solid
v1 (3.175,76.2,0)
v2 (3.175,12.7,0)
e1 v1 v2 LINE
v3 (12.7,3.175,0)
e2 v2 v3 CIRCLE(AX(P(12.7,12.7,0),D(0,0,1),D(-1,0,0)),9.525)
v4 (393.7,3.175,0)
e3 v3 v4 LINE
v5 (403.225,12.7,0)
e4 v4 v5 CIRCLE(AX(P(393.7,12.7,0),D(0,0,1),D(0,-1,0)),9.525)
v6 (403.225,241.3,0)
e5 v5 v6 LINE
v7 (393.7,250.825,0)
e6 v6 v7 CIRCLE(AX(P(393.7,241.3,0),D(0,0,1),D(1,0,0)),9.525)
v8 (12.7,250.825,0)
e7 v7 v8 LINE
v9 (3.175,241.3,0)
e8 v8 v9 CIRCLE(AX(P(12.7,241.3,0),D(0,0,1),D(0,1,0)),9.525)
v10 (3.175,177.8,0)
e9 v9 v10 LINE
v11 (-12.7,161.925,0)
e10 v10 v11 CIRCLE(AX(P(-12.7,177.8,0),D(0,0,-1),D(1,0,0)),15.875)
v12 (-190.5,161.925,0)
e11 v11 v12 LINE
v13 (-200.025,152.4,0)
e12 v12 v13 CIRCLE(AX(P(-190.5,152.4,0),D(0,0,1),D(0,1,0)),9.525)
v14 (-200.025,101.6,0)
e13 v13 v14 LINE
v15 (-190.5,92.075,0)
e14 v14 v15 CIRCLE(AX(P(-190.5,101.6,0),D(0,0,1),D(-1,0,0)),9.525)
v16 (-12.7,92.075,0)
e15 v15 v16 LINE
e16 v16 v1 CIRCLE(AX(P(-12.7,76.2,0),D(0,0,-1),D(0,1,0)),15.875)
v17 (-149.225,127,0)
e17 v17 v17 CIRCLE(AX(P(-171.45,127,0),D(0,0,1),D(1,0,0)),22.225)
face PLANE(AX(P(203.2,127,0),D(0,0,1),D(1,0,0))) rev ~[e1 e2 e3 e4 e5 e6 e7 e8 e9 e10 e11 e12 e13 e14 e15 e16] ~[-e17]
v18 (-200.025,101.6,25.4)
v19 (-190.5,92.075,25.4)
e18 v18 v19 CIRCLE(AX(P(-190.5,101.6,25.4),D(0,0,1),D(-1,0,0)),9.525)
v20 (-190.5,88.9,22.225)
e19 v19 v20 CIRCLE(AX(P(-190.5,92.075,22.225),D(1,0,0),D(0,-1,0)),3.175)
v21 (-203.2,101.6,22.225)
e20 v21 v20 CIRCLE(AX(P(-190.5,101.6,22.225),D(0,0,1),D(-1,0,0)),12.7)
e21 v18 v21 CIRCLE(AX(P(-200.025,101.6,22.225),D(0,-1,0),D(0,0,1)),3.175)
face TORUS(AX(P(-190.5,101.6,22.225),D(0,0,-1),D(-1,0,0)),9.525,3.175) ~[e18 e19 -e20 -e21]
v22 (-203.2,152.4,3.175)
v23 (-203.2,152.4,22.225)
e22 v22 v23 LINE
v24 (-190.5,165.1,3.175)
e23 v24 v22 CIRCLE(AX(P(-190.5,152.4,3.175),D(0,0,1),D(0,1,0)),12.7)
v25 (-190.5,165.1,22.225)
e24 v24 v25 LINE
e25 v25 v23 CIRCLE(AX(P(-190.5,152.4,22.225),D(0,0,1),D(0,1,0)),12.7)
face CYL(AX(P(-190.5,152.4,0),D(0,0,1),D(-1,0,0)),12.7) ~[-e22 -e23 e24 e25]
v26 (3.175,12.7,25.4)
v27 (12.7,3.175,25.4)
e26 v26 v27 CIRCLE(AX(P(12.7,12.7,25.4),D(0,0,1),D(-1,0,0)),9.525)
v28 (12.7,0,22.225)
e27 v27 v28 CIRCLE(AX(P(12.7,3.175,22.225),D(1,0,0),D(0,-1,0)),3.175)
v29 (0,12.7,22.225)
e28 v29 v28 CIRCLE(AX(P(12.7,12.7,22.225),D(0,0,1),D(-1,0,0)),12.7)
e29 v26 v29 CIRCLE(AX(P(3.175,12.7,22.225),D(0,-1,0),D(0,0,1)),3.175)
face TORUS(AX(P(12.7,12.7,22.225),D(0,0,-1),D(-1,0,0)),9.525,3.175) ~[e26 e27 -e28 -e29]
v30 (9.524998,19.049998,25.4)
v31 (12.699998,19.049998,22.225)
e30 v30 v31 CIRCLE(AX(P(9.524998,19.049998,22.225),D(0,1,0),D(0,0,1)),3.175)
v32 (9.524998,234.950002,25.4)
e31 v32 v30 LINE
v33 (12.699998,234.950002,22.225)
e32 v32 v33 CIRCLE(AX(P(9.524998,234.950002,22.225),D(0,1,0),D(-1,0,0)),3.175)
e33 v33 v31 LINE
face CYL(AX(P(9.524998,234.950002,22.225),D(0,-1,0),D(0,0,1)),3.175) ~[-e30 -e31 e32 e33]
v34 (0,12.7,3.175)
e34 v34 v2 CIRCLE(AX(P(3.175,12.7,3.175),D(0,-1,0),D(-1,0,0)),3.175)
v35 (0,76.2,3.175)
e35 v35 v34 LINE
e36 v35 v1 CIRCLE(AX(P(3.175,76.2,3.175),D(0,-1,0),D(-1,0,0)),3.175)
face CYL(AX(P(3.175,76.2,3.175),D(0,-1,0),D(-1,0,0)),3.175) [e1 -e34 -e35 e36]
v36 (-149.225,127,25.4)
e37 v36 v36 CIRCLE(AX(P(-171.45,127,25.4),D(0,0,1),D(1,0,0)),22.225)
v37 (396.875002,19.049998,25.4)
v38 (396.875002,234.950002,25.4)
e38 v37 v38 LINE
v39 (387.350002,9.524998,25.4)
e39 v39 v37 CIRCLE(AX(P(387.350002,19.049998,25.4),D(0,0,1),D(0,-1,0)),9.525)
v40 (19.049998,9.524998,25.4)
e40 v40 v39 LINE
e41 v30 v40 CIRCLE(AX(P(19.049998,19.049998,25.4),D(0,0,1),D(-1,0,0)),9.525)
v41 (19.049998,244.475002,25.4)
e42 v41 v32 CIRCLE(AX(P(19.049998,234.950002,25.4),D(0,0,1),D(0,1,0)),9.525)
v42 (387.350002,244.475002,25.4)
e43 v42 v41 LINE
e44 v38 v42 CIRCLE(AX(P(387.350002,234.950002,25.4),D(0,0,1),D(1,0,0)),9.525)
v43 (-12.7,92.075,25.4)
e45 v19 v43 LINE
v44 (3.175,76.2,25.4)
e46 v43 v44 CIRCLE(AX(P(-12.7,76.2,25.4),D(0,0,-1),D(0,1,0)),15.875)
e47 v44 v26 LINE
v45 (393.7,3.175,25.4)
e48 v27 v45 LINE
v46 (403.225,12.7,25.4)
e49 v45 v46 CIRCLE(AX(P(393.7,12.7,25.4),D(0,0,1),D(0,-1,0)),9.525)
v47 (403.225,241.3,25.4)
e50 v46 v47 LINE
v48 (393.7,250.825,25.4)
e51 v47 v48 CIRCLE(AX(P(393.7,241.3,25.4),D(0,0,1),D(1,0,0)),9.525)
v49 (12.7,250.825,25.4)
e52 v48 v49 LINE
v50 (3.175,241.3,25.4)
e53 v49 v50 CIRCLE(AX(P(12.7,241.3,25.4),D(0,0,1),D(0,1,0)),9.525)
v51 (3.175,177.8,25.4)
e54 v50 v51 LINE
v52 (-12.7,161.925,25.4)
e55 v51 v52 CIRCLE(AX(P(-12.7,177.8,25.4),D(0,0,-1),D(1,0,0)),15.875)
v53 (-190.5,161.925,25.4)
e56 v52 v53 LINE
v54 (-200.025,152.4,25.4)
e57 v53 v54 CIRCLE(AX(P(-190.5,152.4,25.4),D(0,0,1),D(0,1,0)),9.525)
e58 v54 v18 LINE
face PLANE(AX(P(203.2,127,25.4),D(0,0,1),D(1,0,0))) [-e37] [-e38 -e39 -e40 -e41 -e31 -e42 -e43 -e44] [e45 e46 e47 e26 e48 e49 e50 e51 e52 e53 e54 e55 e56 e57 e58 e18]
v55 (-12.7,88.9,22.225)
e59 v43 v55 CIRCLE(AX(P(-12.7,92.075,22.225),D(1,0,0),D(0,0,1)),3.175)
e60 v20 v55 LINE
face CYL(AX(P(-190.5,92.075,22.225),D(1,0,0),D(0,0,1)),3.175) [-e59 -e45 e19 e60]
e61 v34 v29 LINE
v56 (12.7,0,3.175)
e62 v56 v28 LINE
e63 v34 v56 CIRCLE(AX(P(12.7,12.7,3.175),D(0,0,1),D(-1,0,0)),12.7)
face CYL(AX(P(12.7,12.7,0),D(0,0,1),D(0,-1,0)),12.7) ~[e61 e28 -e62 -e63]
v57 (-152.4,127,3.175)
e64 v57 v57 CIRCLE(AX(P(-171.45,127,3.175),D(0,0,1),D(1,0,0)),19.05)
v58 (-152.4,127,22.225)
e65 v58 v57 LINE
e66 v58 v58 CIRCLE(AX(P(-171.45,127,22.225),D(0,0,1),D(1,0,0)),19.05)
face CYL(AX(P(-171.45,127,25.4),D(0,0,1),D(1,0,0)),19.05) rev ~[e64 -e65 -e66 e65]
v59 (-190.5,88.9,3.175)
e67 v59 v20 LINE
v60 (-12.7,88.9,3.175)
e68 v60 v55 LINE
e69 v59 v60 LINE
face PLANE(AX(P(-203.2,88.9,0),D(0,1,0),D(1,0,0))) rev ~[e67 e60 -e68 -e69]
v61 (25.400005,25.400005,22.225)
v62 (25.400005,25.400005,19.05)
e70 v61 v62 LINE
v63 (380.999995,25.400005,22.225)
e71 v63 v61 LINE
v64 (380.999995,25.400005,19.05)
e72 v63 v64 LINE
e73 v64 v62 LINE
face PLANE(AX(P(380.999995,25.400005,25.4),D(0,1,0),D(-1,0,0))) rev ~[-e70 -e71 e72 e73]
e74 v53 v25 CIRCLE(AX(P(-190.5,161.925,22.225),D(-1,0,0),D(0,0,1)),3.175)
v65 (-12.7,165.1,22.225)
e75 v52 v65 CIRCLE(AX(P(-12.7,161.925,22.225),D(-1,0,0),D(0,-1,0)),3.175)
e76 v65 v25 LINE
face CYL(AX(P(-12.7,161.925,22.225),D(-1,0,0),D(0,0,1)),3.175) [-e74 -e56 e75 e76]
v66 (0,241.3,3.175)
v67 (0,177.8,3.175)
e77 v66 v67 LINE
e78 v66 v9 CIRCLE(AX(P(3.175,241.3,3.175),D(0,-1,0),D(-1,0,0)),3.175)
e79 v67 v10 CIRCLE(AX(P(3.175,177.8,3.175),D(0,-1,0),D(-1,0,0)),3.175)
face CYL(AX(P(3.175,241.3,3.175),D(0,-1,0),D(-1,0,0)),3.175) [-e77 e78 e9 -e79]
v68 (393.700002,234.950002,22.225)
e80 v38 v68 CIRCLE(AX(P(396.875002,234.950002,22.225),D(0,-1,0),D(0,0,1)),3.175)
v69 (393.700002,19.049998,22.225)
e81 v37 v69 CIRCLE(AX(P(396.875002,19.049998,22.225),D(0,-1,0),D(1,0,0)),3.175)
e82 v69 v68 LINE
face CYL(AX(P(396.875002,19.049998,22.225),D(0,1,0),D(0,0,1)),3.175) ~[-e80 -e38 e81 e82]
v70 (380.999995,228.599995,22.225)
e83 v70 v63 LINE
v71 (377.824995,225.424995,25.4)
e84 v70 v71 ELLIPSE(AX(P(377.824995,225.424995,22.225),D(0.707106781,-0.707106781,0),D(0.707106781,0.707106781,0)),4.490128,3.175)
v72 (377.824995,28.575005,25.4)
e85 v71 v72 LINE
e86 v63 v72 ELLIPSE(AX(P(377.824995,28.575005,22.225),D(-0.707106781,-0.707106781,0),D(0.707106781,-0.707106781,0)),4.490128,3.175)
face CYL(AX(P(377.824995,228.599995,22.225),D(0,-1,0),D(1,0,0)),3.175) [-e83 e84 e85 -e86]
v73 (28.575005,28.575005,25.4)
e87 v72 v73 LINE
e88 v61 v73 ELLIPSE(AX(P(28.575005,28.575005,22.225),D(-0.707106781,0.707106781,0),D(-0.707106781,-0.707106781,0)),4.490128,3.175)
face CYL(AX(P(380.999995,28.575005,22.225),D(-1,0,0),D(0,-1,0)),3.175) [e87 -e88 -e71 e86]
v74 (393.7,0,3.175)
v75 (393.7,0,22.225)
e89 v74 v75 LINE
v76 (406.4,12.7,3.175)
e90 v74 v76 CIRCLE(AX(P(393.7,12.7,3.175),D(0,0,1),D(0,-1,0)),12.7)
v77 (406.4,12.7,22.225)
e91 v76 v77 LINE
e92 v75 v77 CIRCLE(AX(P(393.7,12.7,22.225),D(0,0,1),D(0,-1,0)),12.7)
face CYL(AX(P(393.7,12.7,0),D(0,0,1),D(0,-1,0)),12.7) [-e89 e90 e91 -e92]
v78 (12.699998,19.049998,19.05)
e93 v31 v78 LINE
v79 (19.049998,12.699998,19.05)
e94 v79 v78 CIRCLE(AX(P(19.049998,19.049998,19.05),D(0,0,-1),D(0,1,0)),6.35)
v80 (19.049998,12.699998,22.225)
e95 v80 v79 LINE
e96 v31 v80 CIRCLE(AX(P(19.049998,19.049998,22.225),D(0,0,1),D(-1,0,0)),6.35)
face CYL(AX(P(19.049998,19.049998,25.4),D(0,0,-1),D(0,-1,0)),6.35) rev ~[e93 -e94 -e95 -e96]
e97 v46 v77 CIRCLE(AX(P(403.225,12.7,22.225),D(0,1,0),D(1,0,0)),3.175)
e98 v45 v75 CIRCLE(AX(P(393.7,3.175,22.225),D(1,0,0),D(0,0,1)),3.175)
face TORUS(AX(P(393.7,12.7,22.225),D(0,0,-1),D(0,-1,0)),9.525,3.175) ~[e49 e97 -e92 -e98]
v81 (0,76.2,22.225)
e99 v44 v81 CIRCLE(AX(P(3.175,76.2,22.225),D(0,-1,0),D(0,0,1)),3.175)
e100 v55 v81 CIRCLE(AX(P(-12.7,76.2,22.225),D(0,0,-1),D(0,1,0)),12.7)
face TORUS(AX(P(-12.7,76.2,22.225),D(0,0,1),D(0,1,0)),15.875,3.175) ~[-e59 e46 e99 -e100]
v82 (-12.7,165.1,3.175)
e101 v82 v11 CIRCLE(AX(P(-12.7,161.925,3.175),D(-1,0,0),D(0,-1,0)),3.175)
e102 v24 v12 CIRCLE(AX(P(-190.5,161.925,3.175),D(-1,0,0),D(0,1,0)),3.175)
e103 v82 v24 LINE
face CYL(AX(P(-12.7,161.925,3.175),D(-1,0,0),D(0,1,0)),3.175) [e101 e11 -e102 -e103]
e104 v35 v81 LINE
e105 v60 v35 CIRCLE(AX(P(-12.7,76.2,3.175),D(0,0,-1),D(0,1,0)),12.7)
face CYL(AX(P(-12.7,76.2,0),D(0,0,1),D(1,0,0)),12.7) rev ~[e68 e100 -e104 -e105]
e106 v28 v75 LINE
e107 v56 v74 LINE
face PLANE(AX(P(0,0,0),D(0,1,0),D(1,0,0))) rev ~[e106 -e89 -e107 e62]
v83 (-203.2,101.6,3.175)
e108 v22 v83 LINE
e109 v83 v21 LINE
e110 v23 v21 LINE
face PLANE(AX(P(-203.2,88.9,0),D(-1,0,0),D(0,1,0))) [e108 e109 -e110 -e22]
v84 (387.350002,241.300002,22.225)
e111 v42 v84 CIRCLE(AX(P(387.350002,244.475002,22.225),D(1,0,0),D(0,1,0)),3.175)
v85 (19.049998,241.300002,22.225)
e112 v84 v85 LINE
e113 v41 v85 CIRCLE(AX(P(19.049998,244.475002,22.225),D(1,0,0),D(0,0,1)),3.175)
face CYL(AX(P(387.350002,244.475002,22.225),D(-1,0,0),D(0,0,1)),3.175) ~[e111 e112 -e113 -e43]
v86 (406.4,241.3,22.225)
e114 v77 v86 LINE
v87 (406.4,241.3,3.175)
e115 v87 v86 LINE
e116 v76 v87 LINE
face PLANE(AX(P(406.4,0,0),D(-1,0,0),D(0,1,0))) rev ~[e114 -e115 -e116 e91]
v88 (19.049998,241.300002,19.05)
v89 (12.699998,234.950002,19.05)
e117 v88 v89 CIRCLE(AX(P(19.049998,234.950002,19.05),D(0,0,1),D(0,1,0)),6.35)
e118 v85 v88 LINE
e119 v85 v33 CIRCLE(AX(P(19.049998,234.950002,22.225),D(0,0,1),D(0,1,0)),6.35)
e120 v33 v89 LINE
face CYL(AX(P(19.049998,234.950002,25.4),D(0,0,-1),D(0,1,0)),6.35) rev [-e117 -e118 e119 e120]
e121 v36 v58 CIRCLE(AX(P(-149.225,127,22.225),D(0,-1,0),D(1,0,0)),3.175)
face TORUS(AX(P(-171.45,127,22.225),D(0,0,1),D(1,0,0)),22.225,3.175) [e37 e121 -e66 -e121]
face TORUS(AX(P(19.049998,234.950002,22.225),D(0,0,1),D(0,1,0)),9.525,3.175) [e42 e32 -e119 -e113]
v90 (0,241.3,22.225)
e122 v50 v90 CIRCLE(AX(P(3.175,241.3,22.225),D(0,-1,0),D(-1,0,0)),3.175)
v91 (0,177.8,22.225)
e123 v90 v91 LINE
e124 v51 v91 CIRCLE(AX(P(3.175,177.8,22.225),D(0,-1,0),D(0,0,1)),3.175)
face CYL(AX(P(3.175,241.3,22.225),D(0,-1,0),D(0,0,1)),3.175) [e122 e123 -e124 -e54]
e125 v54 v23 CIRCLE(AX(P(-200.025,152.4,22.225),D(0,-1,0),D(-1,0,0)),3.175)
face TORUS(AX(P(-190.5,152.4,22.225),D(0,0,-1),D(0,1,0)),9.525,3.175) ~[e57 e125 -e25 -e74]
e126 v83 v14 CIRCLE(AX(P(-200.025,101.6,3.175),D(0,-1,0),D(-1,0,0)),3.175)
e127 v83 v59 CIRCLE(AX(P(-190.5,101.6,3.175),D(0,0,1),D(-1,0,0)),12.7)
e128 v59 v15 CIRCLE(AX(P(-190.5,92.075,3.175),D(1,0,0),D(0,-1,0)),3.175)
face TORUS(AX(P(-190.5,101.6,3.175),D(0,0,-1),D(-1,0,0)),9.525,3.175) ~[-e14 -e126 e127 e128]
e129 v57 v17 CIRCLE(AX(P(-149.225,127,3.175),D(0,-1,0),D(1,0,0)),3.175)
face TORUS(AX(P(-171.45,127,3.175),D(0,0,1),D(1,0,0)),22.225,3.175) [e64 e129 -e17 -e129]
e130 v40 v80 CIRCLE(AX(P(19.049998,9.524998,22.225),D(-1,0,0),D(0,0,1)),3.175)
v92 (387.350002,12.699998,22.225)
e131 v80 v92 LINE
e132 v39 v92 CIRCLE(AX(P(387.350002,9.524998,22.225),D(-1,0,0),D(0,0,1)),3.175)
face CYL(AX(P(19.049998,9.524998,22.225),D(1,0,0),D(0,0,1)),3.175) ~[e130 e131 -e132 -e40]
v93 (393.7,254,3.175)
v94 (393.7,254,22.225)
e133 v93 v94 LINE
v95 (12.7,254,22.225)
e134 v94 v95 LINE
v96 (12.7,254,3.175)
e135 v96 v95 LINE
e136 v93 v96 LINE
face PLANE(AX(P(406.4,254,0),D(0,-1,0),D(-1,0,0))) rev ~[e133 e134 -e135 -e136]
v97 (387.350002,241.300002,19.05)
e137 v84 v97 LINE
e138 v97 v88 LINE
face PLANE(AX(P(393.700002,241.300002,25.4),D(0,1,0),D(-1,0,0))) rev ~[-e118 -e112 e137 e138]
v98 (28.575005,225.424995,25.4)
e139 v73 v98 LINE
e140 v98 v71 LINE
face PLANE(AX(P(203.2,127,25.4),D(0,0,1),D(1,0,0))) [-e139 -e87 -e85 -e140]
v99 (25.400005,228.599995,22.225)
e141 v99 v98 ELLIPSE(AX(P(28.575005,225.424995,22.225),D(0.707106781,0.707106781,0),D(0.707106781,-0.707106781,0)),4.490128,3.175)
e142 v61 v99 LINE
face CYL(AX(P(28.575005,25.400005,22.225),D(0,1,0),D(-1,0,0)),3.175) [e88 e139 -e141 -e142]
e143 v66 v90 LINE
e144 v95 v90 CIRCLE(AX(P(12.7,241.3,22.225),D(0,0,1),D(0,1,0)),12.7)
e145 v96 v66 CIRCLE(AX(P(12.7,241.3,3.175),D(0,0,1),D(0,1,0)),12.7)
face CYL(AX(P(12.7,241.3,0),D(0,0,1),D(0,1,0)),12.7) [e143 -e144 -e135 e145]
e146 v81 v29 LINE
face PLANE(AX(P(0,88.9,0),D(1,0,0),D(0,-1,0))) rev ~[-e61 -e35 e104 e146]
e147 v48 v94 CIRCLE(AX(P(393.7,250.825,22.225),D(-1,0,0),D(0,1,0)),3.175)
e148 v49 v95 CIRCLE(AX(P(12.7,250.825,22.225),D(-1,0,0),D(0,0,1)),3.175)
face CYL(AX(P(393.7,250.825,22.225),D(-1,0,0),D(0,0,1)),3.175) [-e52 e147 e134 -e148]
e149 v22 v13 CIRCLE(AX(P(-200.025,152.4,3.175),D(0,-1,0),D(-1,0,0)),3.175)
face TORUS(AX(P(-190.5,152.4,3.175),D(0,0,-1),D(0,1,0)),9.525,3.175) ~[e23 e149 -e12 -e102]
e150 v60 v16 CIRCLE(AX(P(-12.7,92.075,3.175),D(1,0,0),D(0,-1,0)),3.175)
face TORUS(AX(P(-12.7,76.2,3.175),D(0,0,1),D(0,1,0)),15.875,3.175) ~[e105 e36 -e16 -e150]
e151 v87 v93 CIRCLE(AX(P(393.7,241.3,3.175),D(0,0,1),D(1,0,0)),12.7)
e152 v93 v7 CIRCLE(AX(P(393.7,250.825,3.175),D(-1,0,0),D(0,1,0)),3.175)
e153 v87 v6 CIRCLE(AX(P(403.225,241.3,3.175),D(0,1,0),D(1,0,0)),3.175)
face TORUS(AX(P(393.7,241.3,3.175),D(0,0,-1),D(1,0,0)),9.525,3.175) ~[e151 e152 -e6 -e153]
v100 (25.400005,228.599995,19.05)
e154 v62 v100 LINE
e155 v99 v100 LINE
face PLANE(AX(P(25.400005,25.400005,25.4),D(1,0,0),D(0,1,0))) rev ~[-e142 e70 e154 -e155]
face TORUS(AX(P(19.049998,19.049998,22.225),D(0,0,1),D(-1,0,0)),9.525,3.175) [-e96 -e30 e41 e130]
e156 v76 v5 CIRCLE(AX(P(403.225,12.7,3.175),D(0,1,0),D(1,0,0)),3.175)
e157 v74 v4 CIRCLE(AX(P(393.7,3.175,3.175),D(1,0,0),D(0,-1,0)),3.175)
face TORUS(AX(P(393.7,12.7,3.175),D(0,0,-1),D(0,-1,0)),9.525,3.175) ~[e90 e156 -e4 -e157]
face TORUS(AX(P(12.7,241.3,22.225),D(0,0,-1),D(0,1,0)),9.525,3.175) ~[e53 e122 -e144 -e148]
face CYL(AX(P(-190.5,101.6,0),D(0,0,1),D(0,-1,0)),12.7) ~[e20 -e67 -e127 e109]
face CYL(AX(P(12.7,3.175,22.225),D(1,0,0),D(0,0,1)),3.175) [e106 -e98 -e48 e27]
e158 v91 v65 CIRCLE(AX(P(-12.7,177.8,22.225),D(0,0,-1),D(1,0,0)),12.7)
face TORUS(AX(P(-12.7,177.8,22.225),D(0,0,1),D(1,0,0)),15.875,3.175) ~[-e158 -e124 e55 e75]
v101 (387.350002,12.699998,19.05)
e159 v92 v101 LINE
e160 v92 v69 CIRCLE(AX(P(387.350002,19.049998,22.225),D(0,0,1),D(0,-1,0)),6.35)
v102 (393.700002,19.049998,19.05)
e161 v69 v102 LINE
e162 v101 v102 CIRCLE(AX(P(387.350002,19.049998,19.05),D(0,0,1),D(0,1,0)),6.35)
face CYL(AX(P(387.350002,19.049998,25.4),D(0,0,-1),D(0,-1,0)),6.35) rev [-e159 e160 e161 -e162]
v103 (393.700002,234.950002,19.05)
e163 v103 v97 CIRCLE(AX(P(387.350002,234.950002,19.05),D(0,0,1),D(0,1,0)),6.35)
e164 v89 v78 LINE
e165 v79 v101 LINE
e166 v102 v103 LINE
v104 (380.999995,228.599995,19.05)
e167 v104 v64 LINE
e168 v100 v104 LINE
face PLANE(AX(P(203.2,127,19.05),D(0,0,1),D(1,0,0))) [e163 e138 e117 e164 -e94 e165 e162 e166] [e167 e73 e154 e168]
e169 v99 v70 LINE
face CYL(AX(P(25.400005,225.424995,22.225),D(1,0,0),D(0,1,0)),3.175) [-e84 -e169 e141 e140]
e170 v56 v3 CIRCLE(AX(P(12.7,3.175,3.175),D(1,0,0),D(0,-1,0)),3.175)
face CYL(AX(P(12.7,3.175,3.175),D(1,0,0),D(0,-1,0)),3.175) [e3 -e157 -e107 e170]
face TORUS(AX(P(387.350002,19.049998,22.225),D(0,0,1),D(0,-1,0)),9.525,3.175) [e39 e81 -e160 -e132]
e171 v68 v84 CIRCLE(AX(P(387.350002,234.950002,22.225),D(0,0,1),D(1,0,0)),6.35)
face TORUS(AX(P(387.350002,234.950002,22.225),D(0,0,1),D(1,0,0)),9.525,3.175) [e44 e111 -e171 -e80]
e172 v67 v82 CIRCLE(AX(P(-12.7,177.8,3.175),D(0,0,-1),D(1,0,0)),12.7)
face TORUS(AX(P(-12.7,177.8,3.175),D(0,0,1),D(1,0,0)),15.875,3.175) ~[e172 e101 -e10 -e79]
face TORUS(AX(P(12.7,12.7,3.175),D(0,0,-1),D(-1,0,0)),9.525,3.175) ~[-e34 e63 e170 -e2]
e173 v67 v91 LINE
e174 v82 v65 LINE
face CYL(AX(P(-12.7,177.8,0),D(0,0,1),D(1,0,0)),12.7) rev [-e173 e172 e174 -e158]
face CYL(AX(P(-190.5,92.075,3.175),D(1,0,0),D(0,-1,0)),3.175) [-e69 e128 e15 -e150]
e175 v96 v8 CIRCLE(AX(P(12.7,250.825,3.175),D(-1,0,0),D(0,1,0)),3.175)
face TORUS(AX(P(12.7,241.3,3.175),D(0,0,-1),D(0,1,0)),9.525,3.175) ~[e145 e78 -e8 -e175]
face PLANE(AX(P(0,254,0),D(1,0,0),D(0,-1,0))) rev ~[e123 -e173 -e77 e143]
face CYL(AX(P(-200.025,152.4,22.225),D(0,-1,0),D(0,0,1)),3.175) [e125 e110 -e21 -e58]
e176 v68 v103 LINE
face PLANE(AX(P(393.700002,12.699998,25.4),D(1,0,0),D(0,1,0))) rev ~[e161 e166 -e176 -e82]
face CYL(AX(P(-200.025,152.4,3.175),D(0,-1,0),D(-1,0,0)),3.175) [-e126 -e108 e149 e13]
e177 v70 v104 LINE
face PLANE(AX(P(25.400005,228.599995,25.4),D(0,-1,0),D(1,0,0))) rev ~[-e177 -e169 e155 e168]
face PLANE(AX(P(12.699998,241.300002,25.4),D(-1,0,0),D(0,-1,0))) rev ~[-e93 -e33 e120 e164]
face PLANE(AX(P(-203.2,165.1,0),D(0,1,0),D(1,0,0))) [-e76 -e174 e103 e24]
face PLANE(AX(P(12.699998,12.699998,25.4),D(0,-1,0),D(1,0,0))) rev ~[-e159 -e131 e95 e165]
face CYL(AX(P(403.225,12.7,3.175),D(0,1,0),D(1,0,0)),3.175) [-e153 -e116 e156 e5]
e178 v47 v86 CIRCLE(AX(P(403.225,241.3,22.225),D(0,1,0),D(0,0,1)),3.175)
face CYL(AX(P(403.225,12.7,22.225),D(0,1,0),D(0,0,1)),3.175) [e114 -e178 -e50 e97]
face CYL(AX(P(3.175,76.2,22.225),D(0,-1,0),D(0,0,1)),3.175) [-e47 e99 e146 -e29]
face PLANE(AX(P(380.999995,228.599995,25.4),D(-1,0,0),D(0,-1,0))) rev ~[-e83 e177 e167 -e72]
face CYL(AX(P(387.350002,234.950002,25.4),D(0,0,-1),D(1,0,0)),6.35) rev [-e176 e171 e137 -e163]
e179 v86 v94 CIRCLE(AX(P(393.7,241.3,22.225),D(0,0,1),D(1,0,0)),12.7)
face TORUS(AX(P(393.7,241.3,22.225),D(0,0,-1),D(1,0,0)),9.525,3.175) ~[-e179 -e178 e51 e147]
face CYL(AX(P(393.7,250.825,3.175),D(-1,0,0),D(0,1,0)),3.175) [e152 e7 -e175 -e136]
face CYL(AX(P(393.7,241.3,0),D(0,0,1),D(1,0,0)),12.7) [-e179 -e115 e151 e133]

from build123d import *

# Parameters (mm, degrees)
F0_W     = 203.2
F0_H     = 76.2
F1_DEPTH = 25.4
F2_R     = 19.05
F3_DEPTH = 25.4
F5_DEPTH = 6.35
F6_R     = 6.35
F7_R     = 12.7
F8_R     = 3.175


with BuildPart() as f1:
    # F0 (on Top) → F1 (new body)
    with BuildSketch(Plane.XY):
        Polygon((0, 88.9), (0, 0), (406.4, 0), (406.4, 254), (0, 254), (0, 165.1), align=None)
        with Locations((-101.6, 127)):
            Rectangle(F0_W, F0_H)
    extrude(amount=F1_DEPTH)

    # F2 (on face) → F3 (cut)
    with BuildSketch(Plane.XY.offset(25.4)):
        with Locations((-171.45, 127)):
            Circle(F2_R)
    extrude(amount=-F3_DEPTH, mode=Mode.SUBTRACT)

    # F4 (on face) → F5 (cut)
    with BuildSketch(Plane.XY.offset(25.4)):
        Polygon((12.6999982595, 88.9), (12.6999982595, 12.6999982595), (393.7000017405, 12.6999982595), (393.7000017405, 241.3000017405), (12.6999982595, 241.3000017405), (12.6999982595, 165.1), align=None)
        Polygon((25.4000046253, 88.9), (25.4000046253, 165.1), (25.4000046253, 228.5999953747), (380.9999953747, 228.5999953747), (380.9999953747, 25.4000046253), (25.4000046253, 25.4000046253), align=None, mode=Mode.SUBTRACT)
    extrude(amount=-F5_DEPTH, mode=Mode.SUBTRACT)

    # F6
    f6_edges = [f1.edges().sort_by_distance(p)[0] for p in [
        (12.699998, 241.300002, 22.225),
        (393.700002, 12.699998, 22.225),
        (12.699998, 12.699998, 22.225),
        (393.700002, 241.300002, 22.225),
    ]]
    fillet(f6_edges, radius=F6_R)

    # F7
    f7_edges = [f1.edges().sort_by_distance(p)[0] for p in [
        (406.4, 0, 12.7),
        (0, 0, 12.7),
        (0, 88.9, 12.7),
        (-203.2, 88.9, 12.7),
        (-203.2, 165.1, 12.7),
        (0, 165.1, 12.7),
        (0, 254, 12.7),
        (406.4, 254, 12.7),
    ]]
    fillet(f7_edges, radius=F7_R)

    # F8
    f8_edges = [f1.edges().sort_by_distance(p)[0] for p in [
        (203.2, 228.599995, 25.4),
        (380.999995, 127, 25.4),
        (203.2, 25.400005, 25.4),
        (25.400005, 127, 25.4),
        (0, 44.45, 25.4),
        (-3.719744, 85.180256, 25.4),
        (3.719744, 3.719744, 25.4),
        (-101.6, 88.9, 25.4),
        (203.2, 0, 25.4),
        (-199.480256, 92.619744, 25.4),
        (402.680256, 3.719744, 25.4),
        (-203.2, 127, 25.4),
        (406.4, 127, 25.4),
        (-199.480256, 161.380256, 25.4),
        (402.680256, 250.280256, 25.4),
        (-101.6, 165.1, 25.4),
        (203.2, 254, 25.4),
        (-3.719744, 168.819744, 25.4),
        (3.719744, 250.280256, 25.4),
        (0, 209.55, 25.4),
        (203.2, 12.699998, 25.4),
        (14.55987, 14.55987, 25.4),
        (391.84013, 14.55987, 25.4),
        (12.699998, 127, 25.4),
        (393.700002, 127, 25.4),
        (14.55987, 239.44013, 25.4),
        (391.84013, 239.44013, 25.4),
        (203.2, 241.300002, 25.4),
        (-190.5, 127, 25.4),
        (0, 44.45, 0),
        (-3.719744, 85.180256, 0),
        (3.719744, 3.719744, 0),
        (-101.6, 88.9, 0),
        (203.2, 0, 0),
        (-199.480256, 92.619744, 0),
        (402.680256, 3.719744, 0),
        (-203.2, 127, 0),
        (406.4, 127, 0),
        (-199.480256, 161.380256, 0),
        (402.680256, 250.280256, 0),
        (-101.6, 165.1, 0),
        (203.2, 254, 0),
        (-3.719744, 168.819744, 0),
        (3.719744, 250.280256, 0),
        (0, 209.55, 0),
        (-190.5, 127, 0),
    ]]
    fillet(f8_edges, radius=F8_R)


solid = f1.part
